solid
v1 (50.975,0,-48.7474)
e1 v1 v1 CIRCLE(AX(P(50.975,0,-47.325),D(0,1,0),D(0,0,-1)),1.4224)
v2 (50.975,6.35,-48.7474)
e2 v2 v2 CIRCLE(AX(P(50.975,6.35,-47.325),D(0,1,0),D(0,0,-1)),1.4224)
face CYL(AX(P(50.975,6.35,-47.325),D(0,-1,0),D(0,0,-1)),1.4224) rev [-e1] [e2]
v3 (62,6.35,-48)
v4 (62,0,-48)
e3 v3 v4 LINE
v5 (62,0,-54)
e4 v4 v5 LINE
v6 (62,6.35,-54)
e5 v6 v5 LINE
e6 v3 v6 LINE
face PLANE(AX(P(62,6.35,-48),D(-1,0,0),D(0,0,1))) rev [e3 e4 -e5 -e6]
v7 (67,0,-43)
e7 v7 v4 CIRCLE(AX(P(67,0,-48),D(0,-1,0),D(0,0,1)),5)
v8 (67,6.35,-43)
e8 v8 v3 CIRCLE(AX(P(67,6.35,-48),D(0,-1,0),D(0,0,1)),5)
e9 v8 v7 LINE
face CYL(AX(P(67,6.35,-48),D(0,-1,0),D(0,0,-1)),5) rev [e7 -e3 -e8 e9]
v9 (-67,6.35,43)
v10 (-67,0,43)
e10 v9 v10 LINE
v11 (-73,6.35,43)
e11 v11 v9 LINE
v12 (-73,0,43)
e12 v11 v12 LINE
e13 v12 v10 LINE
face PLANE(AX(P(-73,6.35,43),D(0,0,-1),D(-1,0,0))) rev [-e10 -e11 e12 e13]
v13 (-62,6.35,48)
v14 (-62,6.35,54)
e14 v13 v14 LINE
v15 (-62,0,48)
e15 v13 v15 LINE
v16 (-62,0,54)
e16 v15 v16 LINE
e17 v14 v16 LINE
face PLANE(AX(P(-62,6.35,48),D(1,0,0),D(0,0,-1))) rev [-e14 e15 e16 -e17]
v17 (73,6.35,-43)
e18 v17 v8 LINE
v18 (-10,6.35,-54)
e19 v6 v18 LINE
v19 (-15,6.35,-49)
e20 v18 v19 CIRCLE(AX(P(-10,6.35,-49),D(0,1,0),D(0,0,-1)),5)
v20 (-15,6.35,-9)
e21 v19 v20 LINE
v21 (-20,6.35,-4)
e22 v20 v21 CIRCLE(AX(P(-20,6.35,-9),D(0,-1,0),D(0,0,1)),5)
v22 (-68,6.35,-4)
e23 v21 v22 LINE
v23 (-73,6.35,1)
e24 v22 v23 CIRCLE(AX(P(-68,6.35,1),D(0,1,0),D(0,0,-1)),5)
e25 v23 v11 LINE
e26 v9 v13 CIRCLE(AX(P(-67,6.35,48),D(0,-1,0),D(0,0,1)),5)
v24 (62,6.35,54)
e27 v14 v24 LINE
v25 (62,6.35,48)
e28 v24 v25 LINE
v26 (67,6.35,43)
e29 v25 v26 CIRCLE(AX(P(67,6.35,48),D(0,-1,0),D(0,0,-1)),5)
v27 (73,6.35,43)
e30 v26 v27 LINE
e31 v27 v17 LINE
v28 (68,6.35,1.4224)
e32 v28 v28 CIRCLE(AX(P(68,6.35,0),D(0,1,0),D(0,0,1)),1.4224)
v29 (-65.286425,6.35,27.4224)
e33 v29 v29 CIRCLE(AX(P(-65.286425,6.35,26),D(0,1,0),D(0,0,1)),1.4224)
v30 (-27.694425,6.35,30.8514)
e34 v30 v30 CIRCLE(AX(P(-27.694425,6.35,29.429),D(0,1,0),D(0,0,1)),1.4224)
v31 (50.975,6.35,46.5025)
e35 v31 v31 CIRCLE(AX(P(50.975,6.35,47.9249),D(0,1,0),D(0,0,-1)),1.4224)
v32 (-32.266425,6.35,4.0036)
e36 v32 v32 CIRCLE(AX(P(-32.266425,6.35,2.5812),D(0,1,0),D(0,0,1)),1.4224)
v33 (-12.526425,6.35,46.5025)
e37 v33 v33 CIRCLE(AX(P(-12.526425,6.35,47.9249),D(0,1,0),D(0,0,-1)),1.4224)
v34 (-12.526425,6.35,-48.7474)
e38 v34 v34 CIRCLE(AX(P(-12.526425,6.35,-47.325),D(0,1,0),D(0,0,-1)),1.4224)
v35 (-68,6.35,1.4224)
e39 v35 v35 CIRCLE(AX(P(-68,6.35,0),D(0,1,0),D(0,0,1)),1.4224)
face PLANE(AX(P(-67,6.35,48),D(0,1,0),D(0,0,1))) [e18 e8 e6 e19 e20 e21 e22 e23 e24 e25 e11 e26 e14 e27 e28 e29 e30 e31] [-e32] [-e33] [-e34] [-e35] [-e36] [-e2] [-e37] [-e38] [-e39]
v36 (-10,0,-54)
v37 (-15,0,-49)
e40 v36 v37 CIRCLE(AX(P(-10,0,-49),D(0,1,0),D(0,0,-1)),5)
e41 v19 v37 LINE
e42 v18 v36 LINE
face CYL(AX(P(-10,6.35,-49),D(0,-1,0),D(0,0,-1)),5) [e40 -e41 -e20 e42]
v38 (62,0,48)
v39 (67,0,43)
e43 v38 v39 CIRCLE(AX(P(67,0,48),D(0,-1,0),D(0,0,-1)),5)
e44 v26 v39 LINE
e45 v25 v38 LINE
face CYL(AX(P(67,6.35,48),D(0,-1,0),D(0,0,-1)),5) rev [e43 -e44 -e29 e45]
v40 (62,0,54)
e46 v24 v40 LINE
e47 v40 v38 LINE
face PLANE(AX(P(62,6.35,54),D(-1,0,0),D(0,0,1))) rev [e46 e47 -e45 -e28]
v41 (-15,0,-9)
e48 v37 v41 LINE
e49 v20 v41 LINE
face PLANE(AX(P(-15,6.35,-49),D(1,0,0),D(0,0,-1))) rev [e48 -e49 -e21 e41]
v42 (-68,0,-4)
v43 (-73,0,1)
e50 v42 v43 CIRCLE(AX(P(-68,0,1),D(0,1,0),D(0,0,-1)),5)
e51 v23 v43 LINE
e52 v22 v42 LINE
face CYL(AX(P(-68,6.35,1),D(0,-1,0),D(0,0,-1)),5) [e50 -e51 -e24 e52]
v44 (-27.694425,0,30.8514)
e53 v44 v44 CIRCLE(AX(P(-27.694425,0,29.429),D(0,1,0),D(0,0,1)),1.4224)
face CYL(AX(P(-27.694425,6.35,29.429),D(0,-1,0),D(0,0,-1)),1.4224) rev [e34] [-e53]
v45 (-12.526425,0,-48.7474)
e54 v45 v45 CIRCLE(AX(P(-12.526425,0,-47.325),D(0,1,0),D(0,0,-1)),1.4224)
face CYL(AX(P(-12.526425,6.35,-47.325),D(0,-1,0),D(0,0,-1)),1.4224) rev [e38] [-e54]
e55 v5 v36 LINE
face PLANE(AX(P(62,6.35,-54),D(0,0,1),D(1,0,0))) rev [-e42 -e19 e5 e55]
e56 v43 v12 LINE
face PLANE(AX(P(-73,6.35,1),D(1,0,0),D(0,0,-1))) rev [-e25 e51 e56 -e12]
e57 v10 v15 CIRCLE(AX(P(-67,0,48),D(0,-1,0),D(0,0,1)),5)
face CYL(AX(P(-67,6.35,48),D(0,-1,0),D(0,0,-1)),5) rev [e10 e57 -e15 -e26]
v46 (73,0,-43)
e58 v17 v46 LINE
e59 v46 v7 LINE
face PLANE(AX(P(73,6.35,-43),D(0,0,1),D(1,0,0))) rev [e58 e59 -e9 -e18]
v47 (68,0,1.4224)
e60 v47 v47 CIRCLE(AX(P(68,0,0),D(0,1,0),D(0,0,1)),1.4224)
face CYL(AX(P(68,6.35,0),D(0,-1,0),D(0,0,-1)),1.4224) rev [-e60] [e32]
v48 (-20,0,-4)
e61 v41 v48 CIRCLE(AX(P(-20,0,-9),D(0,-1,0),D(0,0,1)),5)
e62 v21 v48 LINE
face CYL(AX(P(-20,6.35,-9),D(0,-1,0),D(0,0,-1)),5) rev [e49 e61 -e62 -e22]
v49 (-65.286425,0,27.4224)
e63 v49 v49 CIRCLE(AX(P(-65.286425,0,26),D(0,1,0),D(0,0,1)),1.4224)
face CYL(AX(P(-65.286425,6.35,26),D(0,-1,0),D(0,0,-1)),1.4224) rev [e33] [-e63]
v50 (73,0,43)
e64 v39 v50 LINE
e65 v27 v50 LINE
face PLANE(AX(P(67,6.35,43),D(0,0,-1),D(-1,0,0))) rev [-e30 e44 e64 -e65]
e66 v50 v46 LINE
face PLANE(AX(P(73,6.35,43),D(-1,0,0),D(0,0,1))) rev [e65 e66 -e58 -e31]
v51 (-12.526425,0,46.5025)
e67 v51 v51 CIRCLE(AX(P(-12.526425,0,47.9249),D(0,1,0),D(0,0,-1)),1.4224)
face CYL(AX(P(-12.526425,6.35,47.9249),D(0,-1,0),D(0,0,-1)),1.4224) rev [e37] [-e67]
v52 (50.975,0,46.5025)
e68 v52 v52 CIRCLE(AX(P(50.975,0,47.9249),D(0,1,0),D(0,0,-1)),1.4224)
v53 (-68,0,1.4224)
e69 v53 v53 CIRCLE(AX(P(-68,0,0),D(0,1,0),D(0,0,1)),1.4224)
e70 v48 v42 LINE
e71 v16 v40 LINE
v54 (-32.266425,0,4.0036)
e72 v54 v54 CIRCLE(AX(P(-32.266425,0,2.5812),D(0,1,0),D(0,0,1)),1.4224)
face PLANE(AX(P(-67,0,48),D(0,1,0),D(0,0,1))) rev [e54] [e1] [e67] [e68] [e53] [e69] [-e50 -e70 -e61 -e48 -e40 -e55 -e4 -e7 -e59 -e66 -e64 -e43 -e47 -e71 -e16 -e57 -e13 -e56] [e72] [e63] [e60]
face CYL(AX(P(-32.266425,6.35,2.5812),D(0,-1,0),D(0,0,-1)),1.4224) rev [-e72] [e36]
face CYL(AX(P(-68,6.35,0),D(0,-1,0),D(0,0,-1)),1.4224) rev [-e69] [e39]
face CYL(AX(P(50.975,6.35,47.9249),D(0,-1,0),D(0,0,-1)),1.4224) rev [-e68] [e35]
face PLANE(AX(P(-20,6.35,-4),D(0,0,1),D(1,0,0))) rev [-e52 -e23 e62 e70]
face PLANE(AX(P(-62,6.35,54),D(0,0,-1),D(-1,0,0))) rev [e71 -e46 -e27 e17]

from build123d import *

# Parameters (mm, degrees)
SKETCH1_R           = 1.4224
BOSS_EXTRUDE1_DEPTH = 6.35


with BuildPart() as part:
    # Sketch1 → Boss-Extrude1 (new body)
    with BuildSketch(Plane(origin=(0, 0, 0), x_dir=(1, 0, 0), z_dir=(0, 1, 0))):
        with BuildLine():
            Line((-73, -1), (-73, -43))
            Line((-73, -43), (-67, -43))
            ThreePointArc((-67, -43), (-63.464466094, -44.464466094), (-62, -48))
            Line((-62, -48), (-62, -54))
            Line((-62, -54), (62, -54))
            Line((62, -54), (62, -48))
            ThreePointArc((62, -48), (63.464466094, -44.464466094), (67, -43))
            Line((67, -43), (73, -43))
            Line((73, -43), (73, 43))
            Line((73, 43), (67, 43))
            ThreePointArc((67, 43), (63.464466094, 44.464466094), (62, 48))
            Line((62, 48), (62, 54))
            Line((62, 54), (-10, 54))
            ThreePointArc((-10, 54), (-13.535533906, 52.535533906), (-15, 49))
            Line((-15, 49), (-15, 9))
            ThreePointArc((-15, 9), (-16.464466094, 5.464466094), (-20, 4))
            Line((-20, 4), (-68, 4))
            ThreePointArc((-68, 4), (-71.535533906, 2.535533906), (-73, -1))
        make_face()
        with Locations(Location((68, 0, 0), (0, 0, 270))):
            Circle(SKETCH1_R, mode=Mode.SUBTRACT)
        with Locations(Location((-68, 0, 0), (0, 0, 270))):
            Circle(SKETCH1_R, mode=Mode.SUBTRACT)
        with Locations(Location((-27.69442531, -29.429, 0), (0, 0, 270))):
            Circle(SKETCH1_R, mode=Mode.SUBTRACT)
        with Locations(Location((-65.28642531, -26, 0), (0, 0, 270))):
            Circle(SKETCH1_R, mode=Mode.SUBTRACT)
        with Locations(Location((-32.26642531, -2.5812, 0), (0, 0, 270))):
            Circle(SKETCH1_R, mode=Mode.SUBTRACT)
        with Locations(Location((-12.52642531, -47.924899665, 0), (0, 0, 90))):
            Circle(SKETCH1_R, mode=Mode.SUBTRACT)
        with Locations(Location((50.975, -47.924899665, 0), (0, 0, 90))):
            Circle(SKETCH1_R, mode=Mode.SUBTRACT)
        with Locations(Location((-12.52642531, 47.325, 0), (0, 0, 90))):
            Circle(SKETCH1_R, mode=Mode.SUBTRACT)
        with Locations(Location((50.975, 47.325, 0), (0, 0, 90))):
            Circle(SKETCH1_R, mode=Mode.SUBTRACT)
    extrude(amount=BOSS_EXTRUDE1_DEPTH)


solid = part.part
